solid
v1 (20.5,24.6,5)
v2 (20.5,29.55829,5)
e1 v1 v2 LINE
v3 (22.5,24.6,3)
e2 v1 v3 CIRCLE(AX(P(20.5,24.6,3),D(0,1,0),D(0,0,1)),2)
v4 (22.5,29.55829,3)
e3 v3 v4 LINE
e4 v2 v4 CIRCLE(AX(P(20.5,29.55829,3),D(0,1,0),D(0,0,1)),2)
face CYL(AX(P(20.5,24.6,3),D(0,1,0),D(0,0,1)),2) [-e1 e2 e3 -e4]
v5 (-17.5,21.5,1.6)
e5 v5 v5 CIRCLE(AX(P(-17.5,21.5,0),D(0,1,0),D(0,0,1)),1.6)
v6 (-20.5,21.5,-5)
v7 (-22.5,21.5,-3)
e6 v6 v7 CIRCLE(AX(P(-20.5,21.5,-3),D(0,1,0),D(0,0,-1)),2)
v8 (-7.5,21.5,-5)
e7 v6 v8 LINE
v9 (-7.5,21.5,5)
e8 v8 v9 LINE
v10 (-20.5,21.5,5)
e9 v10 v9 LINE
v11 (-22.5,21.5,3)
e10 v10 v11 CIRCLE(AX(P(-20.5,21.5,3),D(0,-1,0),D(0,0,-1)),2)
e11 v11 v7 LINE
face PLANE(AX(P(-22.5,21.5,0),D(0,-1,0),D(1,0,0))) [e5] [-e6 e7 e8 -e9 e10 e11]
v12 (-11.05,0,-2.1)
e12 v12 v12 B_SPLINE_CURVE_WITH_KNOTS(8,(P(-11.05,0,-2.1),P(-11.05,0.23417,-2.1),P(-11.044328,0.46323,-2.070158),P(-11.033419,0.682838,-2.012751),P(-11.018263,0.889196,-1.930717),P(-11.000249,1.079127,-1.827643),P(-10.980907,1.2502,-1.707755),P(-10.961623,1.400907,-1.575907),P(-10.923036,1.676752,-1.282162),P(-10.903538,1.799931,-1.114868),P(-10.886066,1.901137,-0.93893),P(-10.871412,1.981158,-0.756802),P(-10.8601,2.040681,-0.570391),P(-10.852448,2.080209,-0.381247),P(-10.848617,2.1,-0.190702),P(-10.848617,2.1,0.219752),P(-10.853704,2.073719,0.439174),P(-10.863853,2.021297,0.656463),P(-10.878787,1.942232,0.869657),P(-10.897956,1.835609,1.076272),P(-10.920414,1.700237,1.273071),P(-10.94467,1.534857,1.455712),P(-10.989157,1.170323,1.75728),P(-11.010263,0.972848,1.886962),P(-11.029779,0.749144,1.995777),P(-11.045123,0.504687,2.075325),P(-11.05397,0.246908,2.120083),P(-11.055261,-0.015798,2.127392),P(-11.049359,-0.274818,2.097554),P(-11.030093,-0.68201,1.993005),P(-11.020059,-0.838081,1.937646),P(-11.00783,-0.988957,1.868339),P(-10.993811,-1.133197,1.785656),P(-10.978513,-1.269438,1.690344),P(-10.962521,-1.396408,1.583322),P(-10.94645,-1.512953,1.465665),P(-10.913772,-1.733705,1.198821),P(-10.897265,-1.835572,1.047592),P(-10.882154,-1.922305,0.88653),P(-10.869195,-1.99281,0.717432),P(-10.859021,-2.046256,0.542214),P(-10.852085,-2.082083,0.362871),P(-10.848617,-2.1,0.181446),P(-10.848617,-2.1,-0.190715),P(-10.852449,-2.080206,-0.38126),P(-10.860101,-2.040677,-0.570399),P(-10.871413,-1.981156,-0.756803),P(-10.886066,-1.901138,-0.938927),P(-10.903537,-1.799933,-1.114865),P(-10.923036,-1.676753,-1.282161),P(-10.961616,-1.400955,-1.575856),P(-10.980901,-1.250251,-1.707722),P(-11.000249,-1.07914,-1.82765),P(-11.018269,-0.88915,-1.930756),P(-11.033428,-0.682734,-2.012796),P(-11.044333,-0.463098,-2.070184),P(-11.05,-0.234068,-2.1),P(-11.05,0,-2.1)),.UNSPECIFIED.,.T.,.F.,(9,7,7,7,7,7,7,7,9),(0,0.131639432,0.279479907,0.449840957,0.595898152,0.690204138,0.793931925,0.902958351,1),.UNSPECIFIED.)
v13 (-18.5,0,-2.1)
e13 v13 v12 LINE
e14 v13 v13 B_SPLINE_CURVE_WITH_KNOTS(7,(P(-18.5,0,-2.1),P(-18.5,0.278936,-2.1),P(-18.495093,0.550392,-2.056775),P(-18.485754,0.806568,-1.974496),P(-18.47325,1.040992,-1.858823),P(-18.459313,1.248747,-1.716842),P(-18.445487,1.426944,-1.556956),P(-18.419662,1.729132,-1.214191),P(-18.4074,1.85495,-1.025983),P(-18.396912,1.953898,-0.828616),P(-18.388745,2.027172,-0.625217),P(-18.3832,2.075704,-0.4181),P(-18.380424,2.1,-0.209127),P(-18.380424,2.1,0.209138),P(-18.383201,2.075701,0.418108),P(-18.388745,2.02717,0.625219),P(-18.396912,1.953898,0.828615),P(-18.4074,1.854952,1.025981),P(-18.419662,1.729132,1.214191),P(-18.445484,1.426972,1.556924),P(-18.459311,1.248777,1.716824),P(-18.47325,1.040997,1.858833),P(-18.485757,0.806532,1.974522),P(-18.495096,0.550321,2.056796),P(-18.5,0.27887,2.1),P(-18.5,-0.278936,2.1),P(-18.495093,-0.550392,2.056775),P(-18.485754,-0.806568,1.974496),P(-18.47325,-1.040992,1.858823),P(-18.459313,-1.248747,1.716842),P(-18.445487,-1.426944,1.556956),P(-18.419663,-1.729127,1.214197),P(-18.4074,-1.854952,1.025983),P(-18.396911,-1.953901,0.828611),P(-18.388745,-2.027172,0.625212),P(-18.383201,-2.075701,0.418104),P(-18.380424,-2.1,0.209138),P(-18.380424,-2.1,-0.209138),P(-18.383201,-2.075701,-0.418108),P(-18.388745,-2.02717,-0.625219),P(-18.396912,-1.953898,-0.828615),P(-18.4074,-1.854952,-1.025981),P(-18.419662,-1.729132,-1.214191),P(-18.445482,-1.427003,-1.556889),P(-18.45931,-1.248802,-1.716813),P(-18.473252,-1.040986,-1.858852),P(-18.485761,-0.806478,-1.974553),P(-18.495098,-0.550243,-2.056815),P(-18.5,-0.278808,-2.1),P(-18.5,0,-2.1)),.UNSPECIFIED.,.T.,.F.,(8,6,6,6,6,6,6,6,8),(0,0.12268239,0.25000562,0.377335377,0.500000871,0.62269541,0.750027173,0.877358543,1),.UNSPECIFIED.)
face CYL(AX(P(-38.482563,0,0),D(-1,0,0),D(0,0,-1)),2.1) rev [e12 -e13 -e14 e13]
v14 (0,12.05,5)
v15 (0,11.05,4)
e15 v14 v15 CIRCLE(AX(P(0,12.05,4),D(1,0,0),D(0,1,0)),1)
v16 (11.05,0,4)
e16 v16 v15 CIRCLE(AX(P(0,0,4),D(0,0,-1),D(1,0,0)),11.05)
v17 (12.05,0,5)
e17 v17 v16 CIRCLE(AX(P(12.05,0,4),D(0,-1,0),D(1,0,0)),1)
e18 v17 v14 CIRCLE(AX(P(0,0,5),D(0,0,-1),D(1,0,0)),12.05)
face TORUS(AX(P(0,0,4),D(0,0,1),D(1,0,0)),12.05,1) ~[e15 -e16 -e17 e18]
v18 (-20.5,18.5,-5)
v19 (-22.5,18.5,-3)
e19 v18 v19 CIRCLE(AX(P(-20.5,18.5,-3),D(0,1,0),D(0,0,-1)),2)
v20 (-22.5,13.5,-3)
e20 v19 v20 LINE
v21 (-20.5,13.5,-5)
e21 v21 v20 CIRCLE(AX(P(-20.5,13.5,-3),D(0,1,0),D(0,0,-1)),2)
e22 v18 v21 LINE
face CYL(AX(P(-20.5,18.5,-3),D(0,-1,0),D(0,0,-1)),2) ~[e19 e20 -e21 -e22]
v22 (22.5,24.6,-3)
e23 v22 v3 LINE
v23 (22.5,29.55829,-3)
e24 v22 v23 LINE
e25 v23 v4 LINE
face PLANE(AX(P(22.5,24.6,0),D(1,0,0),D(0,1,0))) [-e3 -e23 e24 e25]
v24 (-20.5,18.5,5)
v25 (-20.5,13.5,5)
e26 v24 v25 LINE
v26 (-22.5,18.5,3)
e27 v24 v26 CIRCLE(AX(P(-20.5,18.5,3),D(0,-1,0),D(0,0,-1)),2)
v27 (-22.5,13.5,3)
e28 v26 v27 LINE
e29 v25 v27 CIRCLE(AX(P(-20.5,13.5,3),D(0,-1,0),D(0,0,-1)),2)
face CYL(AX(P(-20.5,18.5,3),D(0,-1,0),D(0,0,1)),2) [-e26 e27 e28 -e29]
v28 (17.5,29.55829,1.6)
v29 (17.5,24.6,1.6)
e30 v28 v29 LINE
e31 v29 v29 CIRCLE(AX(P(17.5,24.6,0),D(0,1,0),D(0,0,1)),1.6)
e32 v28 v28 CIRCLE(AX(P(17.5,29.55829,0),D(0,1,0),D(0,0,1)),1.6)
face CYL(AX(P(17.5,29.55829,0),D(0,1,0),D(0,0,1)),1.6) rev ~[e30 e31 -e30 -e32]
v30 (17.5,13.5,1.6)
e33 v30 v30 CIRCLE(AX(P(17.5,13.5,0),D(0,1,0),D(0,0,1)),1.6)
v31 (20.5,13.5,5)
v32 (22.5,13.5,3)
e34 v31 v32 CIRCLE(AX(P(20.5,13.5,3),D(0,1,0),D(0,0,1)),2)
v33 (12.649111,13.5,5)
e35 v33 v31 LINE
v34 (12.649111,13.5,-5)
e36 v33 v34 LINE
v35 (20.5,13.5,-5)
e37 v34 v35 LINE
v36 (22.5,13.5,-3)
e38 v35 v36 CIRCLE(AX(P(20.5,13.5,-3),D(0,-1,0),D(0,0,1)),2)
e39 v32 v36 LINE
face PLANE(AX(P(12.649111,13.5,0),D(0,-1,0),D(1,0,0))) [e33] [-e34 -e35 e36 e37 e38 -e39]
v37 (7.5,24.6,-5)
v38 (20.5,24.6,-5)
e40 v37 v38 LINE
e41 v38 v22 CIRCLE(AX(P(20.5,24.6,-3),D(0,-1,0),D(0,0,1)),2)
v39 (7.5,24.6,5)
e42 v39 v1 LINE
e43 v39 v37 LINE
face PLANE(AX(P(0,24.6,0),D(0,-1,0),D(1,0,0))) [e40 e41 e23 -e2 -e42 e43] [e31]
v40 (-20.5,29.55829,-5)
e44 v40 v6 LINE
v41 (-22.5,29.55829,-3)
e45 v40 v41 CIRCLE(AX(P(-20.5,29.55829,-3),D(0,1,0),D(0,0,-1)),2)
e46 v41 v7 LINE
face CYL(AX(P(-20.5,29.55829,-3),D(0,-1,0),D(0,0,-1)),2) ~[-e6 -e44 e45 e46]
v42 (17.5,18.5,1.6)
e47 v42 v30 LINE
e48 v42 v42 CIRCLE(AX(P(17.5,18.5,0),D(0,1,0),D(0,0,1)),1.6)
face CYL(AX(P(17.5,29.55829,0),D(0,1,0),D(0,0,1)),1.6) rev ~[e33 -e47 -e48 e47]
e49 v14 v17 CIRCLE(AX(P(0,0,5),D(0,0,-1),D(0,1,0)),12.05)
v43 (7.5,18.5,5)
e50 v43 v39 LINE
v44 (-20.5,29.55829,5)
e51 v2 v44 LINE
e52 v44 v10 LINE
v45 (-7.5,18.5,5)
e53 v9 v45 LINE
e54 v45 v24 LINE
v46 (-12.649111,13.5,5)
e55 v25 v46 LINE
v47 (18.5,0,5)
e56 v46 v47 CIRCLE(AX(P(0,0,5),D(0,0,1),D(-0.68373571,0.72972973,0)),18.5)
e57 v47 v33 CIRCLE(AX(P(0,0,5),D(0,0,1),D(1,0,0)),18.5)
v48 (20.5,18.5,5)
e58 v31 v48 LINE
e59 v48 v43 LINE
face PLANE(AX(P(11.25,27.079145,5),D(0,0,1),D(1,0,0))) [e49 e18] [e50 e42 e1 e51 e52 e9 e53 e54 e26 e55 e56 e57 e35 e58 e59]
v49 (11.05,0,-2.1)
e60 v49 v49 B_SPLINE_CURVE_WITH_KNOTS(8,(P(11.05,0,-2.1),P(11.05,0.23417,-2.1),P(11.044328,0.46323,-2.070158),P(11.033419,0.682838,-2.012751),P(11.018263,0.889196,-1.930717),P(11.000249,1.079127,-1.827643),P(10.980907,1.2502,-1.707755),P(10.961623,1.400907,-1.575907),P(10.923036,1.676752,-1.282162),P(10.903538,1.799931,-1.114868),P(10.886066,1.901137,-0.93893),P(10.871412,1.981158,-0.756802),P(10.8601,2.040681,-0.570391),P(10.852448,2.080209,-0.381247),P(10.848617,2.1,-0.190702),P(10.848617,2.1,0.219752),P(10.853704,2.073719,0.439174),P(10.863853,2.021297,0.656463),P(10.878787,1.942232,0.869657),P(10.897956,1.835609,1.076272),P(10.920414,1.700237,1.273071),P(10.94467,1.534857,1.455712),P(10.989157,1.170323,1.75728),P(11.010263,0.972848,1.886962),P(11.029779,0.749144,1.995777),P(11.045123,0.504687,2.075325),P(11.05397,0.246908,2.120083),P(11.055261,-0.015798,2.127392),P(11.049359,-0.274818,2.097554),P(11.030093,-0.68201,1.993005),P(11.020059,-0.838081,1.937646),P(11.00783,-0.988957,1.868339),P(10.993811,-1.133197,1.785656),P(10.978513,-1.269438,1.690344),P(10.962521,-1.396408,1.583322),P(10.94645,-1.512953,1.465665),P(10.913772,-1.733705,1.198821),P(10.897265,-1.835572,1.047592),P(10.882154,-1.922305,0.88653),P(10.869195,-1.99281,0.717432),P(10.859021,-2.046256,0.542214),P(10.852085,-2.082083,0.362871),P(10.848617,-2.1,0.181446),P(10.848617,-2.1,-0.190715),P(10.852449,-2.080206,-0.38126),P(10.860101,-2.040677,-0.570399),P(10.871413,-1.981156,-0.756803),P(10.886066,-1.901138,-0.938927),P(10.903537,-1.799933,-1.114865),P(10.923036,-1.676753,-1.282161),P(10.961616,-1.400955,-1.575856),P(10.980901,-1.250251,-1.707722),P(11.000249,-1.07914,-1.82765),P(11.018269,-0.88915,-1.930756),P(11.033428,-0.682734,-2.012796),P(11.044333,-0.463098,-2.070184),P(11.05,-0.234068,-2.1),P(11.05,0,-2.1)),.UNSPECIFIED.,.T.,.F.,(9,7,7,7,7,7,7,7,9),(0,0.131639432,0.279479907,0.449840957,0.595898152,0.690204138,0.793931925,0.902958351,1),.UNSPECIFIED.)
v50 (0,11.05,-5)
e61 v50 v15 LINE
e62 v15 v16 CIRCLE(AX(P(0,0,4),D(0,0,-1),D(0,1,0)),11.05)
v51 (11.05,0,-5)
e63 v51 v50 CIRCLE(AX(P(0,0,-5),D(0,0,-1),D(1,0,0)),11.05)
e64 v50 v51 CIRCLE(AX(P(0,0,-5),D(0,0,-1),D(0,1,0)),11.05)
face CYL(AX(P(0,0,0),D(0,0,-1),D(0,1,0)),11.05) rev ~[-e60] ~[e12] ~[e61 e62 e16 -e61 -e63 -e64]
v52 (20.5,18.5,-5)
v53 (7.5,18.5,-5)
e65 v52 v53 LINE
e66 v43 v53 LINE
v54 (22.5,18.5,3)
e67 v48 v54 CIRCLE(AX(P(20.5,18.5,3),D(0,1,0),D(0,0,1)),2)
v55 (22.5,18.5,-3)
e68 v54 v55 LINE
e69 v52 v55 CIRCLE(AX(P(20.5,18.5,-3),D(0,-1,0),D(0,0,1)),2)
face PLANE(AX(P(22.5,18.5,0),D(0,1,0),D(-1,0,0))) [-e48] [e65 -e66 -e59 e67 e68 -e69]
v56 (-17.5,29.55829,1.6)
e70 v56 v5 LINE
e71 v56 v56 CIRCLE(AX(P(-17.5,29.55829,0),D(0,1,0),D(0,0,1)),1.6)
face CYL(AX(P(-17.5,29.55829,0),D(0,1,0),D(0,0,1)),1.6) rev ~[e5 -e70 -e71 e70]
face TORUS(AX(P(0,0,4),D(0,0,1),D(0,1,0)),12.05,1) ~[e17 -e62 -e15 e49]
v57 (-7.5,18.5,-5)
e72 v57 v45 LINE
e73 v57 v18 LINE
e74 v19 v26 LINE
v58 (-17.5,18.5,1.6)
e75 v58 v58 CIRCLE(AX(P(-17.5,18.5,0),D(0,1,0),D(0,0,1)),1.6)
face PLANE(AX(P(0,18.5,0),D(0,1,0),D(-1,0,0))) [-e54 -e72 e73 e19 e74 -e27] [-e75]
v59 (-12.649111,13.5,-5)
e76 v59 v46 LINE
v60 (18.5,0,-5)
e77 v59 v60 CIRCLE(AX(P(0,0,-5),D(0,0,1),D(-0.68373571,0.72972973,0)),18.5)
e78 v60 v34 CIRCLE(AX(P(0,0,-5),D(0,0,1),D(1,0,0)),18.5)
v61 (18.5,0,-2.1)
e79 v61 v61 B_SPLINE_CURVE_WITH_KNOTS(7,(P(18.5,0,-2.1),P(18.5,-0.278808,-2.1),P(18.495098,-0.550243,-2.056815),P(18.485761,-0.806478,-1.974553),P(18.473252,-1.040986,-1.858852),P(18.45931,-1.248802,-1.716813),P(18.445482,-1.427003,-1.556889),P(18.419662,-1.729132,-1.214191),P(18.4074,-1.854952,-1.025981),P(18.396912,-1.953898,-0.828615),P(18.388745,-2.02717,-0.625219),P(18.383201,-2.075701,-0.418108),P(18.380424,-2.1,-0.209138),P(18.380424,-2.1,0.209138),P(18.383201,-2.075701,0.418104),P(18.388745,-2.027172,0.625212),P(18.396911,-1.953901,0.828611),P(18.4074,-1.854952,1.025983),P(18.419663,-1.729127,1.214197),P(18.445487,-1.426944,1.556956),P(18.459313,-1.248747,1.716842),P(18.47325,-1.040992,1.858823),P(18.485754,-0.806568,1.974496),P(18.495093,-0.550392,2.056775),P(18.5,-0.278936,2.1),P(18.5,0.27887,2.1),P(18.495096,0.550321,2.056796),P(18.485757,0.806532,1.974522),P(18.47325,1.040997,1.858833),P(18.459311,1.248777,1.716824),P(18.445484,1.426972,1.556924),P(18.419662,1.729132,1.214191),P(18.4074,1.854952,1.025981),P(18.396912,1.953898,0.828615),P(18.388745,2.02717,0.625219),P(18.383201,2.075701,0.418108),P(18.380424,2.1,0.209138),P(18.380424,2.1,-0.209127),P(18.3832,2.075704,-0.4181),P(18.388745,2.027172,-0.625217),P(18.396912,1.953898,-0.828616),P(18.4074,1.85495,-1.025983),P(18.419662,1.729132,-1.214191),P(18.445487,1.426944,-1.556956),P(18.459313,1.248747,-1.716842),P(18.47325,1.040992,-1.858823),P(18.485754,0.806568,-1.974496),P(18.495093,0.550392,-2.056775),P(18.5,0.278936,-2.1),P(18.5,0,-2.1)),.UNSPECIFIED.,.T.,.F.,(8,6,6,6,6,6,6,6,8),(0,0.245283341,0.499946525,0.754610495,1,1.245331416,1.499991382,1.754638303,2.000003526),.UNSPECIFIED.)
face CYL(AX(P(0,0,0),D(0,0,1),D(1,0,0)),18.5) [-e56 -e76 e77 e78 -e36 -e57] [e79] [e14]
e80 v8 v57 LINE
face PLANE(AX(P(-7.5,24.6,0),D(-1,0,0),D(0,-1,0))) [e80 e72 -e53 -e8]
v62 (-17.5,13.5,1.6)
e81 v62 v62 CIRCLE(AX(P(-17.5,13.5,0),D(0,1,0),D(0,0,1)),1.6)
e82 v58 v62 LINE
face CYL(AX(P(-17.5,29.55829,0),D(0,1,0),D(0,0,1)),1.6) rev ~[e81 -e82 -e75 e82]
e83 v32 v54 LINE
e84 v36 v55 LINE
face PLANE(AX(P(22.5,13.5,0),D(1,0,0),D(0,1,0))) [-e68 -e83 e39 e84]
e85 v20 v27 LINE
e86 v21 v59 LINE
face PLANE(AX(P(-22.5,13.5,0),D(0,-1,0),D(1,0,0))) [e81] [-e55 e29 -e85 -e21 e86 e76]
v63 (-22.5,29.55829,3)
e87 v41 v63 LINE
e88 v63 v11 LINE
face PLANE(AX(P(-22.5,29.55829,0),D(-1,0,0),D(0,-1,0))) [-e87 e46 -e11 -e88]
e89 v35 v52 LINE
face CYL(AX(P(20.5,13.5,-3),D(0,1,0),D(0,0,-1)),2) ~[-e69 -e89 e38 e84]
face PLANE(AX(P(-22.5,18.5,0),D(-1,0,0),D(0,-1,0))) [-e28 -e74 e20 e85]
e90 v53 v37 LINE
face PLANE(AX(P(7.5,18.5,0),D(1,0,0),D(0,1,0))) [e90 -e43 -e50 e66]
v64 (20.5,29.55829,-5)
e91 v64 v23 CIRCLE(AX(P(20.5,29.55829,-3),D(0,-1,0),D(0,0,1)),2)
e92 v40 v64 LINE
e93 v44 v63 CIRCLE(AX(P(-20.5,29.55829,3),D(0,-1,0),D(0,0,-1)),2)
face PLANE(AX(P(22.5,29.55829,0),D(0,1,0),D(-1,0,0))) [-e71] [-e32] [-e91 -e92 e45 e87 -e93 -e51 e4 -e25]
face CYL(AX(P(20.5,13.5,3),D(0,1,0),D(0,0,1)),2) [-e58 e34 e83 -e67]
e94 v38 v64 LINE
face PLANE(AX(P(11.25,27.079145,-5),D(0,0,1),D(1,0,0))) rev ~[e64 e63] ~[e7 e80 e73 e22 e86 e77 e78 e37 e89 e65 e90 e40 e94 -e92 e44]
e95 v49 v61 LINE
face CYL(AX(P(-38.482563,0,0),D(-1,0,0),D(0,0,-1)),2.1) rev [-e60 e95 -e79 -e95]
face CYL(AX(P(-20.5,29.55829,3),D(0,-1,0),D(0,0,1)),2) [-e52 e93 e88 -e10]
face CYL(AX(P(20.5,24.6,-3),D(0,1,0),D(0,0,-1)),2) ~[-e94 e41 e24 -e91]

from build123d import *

# Parameters (mm, degrees)
CROQUIS1_W                 = 7.5
CROQUIS1_H                 = 6.1
SALIENTE_EXTRUIR2_DEPTH    = 5
CROQUIS2_R                 = 1.6
CORTAR_EXTRUIR1_DEPTH      = 18
REDONDEO1_R                = 1
CORTAR_EXTRUIR2_DEPTH      = 38.482562804
CORTAR_EXTRUIR2_DEPTH_BACK = 38.482562804
CROQUIS3_R                 = 2.1
REDONDEO2_R                = 2


with BuildPart() as part:
    # Croquis1 → Saliente-Extruir2 (new, symmetric)
    # profile 1 of 8: a face of its own
    with BuildSketch(Plane.XY):
        with BuildLine():
            ThreePointArc((12.649110641, 13.5), (6.800735254, 17.204650534), (-1e-09, 18.5))
            ThreePointArc((-1e-09, 18.5), (-6.800735255, 17.204650534), (-12.649110641, 13.5))
            ThreePointArc((-12.649110641, 13.5), (-7.356679045, -16.974371076), (18.5, 0))
            ThreePointArc((18.5, 0), (16.974371076, 7.356679045), (12.649110641, 13.5))
        make_face()
        with BuildLine():
            ThreePointArc((11.05, 0), (-7.813529932, -7.813529932), (0, 11.05))
            ThreePointArc((0, 11.05), (7.813529932, 7.813529932), (11.05, 0))
        make_face(mode=Mode.SUBTRACT)
    # profile 2 of 8: a face of its own
    with BuildSketch(Plane.XY):
        with BuildLine():
            ThreePointArc((12.649110641, 13.5), (6.800735254, 17.204650534), (-1e-09, 18.5))
            ThreePointArc((-1e-09, 18.5), (-6.800735255, 17.204650534), (-12.649110641, 13.5))
            ThreePointArc((-12.649110641, 13.5), (-7.356679045, -16.974371076), (18.5, 0))
            ThreePointArc((18.5, 0), (16.974371076, 7.356679045), (12.649110641, 13.5))
        make_face()
        with BuildLine():
            ThreePointArc((11.05, 0), (-7.813529932, -7.813529932), (0, 11.05))
            ThreePointArc((0, 11.05), (7.813529932, 7.813529932), (11.05, 0))
        make_face(mode=Mode.SUBTRACT)
    # profile 3 of 8: a face of its own
    with BuildSketch(Plane.XY):
        with BuildLine():
            Line((7.5, 18.5), (-1e-09, 18.5))
            ThreePointArc((-1e-09, 18.5), (6.800735254, 17.204650534), (12.649110641, 13.5))
            Line((12.649110641, 13.5), (22.5, 13.5))
            Line((22.5, 13.5), (22.5, 18.5))
            Line((22.5, 18.5), (7.5, 18.5))
        make_face()
    # profile 4 of 8: a face of its own
    with BuildSketch(Plane.XY):
        with BuildLine():
            Line((-7.5, 18.5), (-22.5, 18.5))
            Line((-22.5, 18.5), (-22.5, 13.5))
            Line((-22.5, 13.5), (-12.649110641, 13.5))
            ThreePointArc((-12.649110641, 13.5), (-6.800735255, 17.204650534), (-1e-09, 18.5))
            Line((-1e-09, 18.5), (-7.5, 18.5))
        make_face()
    # profile 5 of 8: a face of its own
    with BuildSketch(Plane.XY):
        Polygon((-22.5, 21.5), (-7.5, 21.5), (-7.5, 24.6), (0, 24.6), (0, 29.558290112), (-22.5, 29.558290112), (-22.5, 24.558290112), align=None)
    # profile 6 of 8: a face of its own
    with BuildSketch(Plane.XY):
        with Locations((3.75, 21.55)):
            Rectangle(CROQUIS1_W, CROQUIS1_H)
    # profile 7 of 8: a face of its own
    with BuildSketch(Plane.XY):
        Polygon((-7.5, 21.5), (-7.5, 18.5), (-1e-09, 18.5), (0, 24.6), (-7.5, 24.6), align=None)
    # profile 8 of 8: a face of its own
    with BuildSketch(Plane.XY):
        Polygon((0, 29.558290112), (0, 24.6), (7.5, 24.6), (22.5, 24.6), (22.5, 29.558290112), align=None)
    extrude(amount=SALIENTE_EXTRUIR2_DEPTH, both=True)

    # Croquis2 → Cortar-Extruir1 (cut)
    with BuildSketch(Plane(origin=(0, 29.558290112, 0), x_dir=(1, 0, 0), z_dir=(0, 1, 0))):
        with Locations(Location((-17.5, 0, 0), (0, 0, 270))):
            Circle(CROQUIS2_R)
        with Locations(Location((17.5, 0, 0), (0, 0, 270))):
            Circle(CROQUIS2_R)
    extrude(amount=-CORTAR_EXTRUIR1_DEPTH, mode=Mode.SUBTRACT)

    # Redondeo1
    redondeo1_edges = [part.edges().sort_by_distance(p)[0] for p in [
        (7.813529932, 7.813529932, 5),
    ]]
    fillet(redondeo1_edges, radius=REDONDEO1_R)

    # Croquis3 → Cortar-Extruir2 (cut, two sides: drawn at the far end of the back side and taken through both)
    with BuildSketch(Plane(origin=(0, 0, 0), x_dir=(0, 0, -1), z_dir=(1, 0, 0)).offset(-CORTAR_EXTRUIR2_DEPTH_BACK)):
        Circle(CROQUIS3_R)
    extrude(amount=CORTAR_EXTRUIR2_DEPTH + CORTAR_EXTRUIR2_DEPTH_BACK, mode=Mode.SUBTRACT)

    # Redondeo2
    redondeo2_edges = [part.edges().sort_by_distance(p)[0] for p in [
        (22.5, 16, -5),
        (-22.5, 16, -5),
        (-22.5, 25.529145056, -5),
        (22.5, 27.079145056, 5),
        (22.5, 27.079145056, -5),
        (-22.5, 25.529145056, 5),
        (-22.5, 16, 5),
        (22.5, 16, 5),
    ]]
    fillet(redondeo2_edges, radius=REDONDEO2_R)


solid = part.part
